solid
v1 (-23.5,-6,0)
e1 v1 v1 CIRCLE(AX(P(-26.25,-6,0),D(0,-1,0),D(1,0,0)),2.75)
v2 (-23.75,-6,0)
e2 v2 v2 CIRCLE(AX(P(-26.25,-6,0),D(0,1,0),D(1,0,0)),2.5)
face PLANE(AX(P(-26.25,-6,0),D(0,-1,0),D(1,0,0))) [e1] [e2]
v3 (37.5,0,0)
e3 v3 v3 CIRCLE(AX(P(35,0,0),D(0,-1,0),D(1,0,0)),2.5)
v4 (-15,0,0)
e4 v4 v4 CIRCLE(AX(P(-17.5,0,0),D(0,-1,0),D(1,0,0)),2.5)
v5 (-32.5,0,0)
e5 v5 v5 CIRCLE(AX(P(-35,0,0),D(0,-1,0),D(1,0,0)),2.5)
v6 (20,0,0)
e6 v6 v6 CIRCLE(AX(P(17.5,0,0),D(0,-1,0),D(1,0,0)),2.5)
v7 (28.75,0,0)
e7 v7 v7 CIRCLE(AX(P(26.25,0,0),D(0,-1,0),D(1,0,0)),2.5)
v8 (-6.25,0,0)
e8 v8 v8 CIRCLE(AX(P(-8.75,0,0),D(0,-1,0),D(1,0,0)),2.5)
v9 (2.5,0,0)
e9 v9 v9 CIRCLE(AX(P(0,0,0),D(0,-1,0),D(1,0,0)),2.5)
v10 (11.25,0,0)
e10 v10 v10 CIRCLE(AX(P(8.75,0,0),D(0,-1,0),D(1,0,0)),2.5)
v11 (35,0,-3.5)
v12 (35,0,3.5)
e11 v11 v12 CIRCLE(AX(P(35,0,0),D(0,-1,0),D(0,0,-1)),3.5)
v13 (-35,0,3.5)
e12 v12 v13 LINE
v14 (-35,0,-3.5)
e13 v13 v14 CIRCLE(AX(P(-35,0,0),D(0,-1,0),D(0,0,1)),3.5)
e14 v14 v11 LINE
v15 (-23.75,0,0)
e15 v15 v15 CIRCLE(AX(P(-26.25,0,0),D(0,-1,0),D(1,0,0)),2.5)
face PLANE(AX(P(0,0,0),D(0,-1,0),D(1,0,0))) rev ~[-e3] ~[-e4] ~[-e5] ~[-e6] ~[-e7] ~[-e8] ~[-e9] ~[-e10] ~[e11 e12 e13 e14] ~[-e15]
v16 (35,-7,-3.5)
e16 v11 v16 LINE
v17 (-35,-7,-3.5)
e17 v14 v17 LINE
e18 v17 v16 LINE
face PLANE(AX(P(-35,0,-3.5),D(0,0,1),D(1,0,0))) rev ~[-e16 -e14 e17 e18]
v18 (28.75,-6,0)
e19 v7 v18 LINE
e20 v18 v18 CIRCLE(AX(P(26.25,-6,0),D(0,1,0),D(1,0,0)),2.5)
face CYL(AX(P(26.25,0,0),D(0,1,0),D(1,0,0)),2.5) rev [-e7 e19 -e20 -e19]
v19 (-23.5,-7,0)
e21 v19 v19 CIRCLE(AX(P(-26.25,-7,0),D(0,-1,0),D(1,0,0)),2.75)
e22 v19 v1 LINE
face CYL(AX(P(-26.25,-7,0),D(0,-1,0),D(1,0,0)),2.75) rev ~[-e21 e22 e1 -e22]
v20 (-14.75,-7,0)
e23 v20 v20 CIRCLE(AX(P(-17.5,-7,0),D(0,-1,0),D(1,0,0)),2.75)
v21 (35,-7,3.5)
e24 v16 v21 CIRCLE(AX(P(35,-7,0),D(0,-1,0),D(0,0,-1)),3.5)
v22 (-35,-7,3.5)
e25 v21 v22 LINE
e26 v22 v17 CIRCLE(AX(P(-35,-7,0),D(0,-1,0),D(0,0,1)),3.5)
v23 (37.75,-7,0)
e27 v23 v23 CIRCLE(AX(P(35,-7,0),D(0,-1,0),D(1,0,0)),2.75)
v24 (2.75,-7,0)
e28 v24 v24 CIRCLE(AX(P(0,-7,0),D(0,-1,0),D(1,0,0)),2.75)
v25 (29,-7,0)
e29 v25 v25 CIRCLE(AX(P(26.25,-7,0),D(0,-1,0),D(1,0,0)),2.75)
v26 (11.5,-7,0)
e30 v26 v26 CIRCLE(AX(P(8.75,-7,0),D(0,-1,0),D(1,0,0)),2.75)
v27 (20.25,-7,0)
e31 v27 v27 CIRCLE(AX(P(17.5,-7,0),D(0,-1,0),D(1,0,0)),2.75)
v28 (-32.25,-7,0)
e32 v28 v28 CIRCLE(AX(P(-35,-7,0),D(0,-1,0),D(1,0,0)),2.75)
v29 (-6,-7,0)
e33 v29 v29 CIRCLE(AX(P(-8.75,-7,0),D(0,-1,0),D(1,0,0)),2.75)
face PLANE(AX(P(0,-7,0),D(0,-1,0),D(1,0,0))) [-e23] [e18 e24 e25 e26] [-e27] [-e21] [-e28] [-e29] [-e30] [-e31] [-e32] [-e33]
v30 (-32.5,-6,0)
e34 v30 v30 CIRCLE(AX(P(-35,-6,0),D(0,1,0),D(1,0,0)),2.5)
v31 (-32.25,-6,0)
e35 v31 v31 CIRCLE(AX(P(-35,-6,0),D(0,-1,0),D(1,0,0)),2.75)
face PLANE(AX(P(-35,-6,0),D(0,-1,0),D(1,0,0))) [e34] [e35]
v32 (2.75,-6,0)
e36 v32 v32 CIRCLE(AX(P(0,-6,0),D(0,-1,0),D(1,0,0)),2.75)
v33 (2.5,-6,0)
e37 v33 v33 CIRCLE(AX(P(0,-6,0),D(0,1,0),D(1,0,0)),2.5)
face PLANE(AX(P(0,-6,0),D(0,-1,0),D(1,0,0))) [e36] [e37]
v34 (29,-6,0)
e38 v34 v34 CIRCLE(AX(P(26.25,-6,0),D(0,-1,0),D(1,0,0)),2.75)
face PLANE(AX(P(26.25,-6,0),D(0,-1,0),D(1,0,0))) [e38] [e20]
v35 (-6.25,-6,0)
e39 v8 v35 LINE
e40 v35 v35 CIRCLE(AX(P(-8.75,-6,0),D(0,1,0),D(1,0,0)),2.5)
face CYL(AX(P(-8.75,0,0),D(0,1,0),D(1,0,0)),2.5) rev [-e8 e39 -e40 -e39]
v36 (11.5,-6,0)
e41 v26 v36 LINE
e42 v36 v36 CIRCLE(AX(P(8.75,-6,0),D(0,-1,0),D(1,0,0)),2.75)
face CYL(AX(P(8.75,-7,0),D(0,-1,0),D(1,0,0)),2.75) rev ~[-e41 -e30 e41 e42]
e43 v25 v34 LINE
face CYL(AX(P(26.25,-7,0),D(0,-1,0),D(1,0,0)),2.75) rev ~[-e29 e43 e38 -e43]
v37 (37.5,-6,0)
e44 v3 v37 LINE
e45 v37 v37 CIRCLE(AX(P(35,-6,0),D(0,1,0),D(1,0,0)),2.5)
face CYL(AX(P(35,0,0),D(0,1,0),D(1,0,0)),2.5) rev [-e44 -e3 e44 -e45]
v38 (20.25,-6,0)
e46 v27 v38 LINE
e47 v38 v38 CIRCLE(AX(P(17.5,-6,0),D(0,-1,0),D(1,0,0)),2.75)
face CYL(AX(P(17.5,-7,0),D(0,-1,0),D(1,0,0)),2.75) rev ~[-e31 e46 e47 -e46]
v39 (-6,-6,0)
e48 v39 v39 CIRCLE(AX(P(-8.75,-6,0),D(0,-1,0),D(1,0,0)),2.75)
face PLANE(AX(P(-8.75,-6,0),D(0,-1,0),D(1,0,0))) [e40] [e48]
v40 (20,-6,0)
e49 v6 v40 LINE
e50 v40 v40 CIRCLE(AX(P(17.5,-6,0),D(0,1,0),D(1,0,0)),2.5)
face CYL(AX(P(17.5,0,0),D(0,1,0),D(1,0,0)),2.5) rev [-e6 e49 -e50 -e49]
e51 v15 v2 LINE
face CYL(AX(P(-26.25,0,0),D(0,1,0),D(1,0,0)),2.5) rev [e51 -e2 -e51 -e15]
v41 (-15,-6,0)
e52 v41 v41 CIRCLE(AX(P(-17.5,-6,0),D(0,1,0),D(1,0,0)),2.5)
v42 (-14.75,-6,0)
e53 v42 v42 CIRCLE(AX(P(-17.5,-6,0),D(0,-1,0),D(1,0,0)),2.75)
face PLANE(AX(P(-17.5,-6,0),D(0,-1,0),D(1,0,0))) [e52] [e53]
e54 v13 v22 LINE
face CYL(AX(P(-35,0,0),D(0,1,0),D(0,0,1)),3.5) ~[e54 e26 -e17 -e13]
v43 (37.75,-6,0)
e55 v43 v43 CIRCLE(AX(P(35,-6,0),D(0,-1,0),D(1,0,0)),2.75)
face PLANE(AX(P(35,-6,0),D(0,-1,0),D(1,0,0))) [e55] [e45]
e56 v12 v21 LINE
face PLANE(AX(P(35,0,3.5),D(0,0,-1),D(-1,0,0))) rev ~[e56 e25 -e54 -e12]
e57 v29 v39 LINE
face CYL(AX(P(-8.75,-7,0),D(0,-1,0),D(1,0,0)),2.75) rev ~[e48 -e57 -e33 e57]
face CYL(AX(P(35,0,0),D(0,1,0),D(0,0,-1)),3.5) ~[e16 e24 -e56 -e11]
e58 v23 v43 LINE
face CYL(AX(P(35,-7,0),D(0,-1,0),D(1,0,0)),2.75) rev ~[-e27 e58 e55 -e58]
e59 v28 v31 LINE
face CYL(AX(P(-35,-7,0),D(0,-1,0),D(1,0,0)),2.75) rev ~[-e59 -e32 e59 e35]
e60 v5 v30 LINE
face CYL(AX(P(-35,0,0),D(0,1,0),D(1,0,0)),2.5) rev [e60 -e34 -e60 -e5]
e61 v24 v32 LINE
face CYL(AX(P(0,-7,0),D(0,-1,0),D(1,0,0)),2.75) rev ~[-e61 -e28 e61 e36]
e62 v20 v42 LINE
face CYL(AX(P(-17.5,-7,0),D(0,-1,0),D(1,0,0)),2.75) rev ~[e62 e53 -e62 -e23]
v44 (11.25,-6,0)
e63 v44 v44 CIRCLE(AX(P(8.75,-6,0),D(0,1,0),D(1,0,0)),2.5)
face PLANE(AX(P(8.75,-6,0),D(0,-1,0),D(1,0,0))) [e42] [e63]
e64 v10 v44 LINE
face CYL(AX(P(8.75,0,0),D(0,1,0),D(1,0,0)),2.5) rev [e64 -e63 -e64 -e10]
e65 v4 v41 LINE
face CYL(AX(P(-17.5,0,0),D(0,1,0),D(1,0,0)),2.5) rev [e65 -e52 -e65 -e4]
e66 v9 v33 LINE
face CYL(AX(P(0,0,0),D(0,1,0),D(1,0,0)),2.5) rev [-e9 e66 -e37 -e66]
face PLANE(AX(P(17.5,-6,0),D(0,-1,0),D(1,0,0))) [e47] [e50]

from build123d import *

# Parameters (mm, degrees)
F0_R     = 2.5
F1_DEPTH = 7
F2_R     = 2.75
F3_DEPTH = 1


with BuildPart() as f1:
    # F0 (on Front) → F1 (new body)
    with BuildSketch(Plane.XZ):
        with BuildLine():
            ThreePointArc((35, -3.5), (38.5, 0), (35, 3.5))
            Line((35, 3.5), (-35, 3.5))
            ThreePointArc((-35, 3.5), (-38.5, 0), (-35, -3.5))
            Line((-35, -3.5), (35, -3.5))
        make_face()
        with Locations((-35, 0)):
            Circle(F0_R, mode=Mode.SUBTRACT)
        with Locations((-26.25, 0)):
            Circle(F0_R, mode=Mode.SUBTRACT)
        with Locations((-17.5, 0)):
            Circle(F0_R, mode=Mode.SUBTRACT)
        with Locations((-8.75, 0)):
            Circle(F0_R, mode=Mode.SUBTRACT)
        Circle(F0_R, mode=Mode.SUBTRACT)
        with Locations((8.75, 0)):
            Circle(F0_R, mode=Mode.SUBTRACT)
        with Locations((17.5, 0)):
            Circle(F0_R, mode=Mode.SUBTRACT)
        with Locations((26.25, 0)):
            Circle(F0_R, mode=Mode.SUBTRACT)
        with Locations((35, 0)):
            Circle(F0_R, mode=Mode.SUBTRACT)
    extrude(amount=F1_DEPTH)

    # F2 (on face) → F3 (cut)
    with BuildSketch(Plane.XZ.offset(7)):
        with Locations((35, 0)):
            Circle(F2_R)
        with Locations((26.25, 0)):
            Circle(F2_R)
        with Locations((17.5, 0)):
            Circle(F2_R)
        with Locations((8.75, 0)):
            Circle(F2_R)
        Circle(F2_R)
        with Locations((-8.75, 0)):
            Circle(F2_R)
        with Locations((-17.5, 0)):
            Circle(F2_R)
        with Locations((-26.25, 0)):
            Circle(F2_R)
        with Locations((-35, 0)):
            Circle(F2_R)
    extrude(amount=-F3_DEPTH, mode=Mode.SUBTRACT)


solid = f1.part
